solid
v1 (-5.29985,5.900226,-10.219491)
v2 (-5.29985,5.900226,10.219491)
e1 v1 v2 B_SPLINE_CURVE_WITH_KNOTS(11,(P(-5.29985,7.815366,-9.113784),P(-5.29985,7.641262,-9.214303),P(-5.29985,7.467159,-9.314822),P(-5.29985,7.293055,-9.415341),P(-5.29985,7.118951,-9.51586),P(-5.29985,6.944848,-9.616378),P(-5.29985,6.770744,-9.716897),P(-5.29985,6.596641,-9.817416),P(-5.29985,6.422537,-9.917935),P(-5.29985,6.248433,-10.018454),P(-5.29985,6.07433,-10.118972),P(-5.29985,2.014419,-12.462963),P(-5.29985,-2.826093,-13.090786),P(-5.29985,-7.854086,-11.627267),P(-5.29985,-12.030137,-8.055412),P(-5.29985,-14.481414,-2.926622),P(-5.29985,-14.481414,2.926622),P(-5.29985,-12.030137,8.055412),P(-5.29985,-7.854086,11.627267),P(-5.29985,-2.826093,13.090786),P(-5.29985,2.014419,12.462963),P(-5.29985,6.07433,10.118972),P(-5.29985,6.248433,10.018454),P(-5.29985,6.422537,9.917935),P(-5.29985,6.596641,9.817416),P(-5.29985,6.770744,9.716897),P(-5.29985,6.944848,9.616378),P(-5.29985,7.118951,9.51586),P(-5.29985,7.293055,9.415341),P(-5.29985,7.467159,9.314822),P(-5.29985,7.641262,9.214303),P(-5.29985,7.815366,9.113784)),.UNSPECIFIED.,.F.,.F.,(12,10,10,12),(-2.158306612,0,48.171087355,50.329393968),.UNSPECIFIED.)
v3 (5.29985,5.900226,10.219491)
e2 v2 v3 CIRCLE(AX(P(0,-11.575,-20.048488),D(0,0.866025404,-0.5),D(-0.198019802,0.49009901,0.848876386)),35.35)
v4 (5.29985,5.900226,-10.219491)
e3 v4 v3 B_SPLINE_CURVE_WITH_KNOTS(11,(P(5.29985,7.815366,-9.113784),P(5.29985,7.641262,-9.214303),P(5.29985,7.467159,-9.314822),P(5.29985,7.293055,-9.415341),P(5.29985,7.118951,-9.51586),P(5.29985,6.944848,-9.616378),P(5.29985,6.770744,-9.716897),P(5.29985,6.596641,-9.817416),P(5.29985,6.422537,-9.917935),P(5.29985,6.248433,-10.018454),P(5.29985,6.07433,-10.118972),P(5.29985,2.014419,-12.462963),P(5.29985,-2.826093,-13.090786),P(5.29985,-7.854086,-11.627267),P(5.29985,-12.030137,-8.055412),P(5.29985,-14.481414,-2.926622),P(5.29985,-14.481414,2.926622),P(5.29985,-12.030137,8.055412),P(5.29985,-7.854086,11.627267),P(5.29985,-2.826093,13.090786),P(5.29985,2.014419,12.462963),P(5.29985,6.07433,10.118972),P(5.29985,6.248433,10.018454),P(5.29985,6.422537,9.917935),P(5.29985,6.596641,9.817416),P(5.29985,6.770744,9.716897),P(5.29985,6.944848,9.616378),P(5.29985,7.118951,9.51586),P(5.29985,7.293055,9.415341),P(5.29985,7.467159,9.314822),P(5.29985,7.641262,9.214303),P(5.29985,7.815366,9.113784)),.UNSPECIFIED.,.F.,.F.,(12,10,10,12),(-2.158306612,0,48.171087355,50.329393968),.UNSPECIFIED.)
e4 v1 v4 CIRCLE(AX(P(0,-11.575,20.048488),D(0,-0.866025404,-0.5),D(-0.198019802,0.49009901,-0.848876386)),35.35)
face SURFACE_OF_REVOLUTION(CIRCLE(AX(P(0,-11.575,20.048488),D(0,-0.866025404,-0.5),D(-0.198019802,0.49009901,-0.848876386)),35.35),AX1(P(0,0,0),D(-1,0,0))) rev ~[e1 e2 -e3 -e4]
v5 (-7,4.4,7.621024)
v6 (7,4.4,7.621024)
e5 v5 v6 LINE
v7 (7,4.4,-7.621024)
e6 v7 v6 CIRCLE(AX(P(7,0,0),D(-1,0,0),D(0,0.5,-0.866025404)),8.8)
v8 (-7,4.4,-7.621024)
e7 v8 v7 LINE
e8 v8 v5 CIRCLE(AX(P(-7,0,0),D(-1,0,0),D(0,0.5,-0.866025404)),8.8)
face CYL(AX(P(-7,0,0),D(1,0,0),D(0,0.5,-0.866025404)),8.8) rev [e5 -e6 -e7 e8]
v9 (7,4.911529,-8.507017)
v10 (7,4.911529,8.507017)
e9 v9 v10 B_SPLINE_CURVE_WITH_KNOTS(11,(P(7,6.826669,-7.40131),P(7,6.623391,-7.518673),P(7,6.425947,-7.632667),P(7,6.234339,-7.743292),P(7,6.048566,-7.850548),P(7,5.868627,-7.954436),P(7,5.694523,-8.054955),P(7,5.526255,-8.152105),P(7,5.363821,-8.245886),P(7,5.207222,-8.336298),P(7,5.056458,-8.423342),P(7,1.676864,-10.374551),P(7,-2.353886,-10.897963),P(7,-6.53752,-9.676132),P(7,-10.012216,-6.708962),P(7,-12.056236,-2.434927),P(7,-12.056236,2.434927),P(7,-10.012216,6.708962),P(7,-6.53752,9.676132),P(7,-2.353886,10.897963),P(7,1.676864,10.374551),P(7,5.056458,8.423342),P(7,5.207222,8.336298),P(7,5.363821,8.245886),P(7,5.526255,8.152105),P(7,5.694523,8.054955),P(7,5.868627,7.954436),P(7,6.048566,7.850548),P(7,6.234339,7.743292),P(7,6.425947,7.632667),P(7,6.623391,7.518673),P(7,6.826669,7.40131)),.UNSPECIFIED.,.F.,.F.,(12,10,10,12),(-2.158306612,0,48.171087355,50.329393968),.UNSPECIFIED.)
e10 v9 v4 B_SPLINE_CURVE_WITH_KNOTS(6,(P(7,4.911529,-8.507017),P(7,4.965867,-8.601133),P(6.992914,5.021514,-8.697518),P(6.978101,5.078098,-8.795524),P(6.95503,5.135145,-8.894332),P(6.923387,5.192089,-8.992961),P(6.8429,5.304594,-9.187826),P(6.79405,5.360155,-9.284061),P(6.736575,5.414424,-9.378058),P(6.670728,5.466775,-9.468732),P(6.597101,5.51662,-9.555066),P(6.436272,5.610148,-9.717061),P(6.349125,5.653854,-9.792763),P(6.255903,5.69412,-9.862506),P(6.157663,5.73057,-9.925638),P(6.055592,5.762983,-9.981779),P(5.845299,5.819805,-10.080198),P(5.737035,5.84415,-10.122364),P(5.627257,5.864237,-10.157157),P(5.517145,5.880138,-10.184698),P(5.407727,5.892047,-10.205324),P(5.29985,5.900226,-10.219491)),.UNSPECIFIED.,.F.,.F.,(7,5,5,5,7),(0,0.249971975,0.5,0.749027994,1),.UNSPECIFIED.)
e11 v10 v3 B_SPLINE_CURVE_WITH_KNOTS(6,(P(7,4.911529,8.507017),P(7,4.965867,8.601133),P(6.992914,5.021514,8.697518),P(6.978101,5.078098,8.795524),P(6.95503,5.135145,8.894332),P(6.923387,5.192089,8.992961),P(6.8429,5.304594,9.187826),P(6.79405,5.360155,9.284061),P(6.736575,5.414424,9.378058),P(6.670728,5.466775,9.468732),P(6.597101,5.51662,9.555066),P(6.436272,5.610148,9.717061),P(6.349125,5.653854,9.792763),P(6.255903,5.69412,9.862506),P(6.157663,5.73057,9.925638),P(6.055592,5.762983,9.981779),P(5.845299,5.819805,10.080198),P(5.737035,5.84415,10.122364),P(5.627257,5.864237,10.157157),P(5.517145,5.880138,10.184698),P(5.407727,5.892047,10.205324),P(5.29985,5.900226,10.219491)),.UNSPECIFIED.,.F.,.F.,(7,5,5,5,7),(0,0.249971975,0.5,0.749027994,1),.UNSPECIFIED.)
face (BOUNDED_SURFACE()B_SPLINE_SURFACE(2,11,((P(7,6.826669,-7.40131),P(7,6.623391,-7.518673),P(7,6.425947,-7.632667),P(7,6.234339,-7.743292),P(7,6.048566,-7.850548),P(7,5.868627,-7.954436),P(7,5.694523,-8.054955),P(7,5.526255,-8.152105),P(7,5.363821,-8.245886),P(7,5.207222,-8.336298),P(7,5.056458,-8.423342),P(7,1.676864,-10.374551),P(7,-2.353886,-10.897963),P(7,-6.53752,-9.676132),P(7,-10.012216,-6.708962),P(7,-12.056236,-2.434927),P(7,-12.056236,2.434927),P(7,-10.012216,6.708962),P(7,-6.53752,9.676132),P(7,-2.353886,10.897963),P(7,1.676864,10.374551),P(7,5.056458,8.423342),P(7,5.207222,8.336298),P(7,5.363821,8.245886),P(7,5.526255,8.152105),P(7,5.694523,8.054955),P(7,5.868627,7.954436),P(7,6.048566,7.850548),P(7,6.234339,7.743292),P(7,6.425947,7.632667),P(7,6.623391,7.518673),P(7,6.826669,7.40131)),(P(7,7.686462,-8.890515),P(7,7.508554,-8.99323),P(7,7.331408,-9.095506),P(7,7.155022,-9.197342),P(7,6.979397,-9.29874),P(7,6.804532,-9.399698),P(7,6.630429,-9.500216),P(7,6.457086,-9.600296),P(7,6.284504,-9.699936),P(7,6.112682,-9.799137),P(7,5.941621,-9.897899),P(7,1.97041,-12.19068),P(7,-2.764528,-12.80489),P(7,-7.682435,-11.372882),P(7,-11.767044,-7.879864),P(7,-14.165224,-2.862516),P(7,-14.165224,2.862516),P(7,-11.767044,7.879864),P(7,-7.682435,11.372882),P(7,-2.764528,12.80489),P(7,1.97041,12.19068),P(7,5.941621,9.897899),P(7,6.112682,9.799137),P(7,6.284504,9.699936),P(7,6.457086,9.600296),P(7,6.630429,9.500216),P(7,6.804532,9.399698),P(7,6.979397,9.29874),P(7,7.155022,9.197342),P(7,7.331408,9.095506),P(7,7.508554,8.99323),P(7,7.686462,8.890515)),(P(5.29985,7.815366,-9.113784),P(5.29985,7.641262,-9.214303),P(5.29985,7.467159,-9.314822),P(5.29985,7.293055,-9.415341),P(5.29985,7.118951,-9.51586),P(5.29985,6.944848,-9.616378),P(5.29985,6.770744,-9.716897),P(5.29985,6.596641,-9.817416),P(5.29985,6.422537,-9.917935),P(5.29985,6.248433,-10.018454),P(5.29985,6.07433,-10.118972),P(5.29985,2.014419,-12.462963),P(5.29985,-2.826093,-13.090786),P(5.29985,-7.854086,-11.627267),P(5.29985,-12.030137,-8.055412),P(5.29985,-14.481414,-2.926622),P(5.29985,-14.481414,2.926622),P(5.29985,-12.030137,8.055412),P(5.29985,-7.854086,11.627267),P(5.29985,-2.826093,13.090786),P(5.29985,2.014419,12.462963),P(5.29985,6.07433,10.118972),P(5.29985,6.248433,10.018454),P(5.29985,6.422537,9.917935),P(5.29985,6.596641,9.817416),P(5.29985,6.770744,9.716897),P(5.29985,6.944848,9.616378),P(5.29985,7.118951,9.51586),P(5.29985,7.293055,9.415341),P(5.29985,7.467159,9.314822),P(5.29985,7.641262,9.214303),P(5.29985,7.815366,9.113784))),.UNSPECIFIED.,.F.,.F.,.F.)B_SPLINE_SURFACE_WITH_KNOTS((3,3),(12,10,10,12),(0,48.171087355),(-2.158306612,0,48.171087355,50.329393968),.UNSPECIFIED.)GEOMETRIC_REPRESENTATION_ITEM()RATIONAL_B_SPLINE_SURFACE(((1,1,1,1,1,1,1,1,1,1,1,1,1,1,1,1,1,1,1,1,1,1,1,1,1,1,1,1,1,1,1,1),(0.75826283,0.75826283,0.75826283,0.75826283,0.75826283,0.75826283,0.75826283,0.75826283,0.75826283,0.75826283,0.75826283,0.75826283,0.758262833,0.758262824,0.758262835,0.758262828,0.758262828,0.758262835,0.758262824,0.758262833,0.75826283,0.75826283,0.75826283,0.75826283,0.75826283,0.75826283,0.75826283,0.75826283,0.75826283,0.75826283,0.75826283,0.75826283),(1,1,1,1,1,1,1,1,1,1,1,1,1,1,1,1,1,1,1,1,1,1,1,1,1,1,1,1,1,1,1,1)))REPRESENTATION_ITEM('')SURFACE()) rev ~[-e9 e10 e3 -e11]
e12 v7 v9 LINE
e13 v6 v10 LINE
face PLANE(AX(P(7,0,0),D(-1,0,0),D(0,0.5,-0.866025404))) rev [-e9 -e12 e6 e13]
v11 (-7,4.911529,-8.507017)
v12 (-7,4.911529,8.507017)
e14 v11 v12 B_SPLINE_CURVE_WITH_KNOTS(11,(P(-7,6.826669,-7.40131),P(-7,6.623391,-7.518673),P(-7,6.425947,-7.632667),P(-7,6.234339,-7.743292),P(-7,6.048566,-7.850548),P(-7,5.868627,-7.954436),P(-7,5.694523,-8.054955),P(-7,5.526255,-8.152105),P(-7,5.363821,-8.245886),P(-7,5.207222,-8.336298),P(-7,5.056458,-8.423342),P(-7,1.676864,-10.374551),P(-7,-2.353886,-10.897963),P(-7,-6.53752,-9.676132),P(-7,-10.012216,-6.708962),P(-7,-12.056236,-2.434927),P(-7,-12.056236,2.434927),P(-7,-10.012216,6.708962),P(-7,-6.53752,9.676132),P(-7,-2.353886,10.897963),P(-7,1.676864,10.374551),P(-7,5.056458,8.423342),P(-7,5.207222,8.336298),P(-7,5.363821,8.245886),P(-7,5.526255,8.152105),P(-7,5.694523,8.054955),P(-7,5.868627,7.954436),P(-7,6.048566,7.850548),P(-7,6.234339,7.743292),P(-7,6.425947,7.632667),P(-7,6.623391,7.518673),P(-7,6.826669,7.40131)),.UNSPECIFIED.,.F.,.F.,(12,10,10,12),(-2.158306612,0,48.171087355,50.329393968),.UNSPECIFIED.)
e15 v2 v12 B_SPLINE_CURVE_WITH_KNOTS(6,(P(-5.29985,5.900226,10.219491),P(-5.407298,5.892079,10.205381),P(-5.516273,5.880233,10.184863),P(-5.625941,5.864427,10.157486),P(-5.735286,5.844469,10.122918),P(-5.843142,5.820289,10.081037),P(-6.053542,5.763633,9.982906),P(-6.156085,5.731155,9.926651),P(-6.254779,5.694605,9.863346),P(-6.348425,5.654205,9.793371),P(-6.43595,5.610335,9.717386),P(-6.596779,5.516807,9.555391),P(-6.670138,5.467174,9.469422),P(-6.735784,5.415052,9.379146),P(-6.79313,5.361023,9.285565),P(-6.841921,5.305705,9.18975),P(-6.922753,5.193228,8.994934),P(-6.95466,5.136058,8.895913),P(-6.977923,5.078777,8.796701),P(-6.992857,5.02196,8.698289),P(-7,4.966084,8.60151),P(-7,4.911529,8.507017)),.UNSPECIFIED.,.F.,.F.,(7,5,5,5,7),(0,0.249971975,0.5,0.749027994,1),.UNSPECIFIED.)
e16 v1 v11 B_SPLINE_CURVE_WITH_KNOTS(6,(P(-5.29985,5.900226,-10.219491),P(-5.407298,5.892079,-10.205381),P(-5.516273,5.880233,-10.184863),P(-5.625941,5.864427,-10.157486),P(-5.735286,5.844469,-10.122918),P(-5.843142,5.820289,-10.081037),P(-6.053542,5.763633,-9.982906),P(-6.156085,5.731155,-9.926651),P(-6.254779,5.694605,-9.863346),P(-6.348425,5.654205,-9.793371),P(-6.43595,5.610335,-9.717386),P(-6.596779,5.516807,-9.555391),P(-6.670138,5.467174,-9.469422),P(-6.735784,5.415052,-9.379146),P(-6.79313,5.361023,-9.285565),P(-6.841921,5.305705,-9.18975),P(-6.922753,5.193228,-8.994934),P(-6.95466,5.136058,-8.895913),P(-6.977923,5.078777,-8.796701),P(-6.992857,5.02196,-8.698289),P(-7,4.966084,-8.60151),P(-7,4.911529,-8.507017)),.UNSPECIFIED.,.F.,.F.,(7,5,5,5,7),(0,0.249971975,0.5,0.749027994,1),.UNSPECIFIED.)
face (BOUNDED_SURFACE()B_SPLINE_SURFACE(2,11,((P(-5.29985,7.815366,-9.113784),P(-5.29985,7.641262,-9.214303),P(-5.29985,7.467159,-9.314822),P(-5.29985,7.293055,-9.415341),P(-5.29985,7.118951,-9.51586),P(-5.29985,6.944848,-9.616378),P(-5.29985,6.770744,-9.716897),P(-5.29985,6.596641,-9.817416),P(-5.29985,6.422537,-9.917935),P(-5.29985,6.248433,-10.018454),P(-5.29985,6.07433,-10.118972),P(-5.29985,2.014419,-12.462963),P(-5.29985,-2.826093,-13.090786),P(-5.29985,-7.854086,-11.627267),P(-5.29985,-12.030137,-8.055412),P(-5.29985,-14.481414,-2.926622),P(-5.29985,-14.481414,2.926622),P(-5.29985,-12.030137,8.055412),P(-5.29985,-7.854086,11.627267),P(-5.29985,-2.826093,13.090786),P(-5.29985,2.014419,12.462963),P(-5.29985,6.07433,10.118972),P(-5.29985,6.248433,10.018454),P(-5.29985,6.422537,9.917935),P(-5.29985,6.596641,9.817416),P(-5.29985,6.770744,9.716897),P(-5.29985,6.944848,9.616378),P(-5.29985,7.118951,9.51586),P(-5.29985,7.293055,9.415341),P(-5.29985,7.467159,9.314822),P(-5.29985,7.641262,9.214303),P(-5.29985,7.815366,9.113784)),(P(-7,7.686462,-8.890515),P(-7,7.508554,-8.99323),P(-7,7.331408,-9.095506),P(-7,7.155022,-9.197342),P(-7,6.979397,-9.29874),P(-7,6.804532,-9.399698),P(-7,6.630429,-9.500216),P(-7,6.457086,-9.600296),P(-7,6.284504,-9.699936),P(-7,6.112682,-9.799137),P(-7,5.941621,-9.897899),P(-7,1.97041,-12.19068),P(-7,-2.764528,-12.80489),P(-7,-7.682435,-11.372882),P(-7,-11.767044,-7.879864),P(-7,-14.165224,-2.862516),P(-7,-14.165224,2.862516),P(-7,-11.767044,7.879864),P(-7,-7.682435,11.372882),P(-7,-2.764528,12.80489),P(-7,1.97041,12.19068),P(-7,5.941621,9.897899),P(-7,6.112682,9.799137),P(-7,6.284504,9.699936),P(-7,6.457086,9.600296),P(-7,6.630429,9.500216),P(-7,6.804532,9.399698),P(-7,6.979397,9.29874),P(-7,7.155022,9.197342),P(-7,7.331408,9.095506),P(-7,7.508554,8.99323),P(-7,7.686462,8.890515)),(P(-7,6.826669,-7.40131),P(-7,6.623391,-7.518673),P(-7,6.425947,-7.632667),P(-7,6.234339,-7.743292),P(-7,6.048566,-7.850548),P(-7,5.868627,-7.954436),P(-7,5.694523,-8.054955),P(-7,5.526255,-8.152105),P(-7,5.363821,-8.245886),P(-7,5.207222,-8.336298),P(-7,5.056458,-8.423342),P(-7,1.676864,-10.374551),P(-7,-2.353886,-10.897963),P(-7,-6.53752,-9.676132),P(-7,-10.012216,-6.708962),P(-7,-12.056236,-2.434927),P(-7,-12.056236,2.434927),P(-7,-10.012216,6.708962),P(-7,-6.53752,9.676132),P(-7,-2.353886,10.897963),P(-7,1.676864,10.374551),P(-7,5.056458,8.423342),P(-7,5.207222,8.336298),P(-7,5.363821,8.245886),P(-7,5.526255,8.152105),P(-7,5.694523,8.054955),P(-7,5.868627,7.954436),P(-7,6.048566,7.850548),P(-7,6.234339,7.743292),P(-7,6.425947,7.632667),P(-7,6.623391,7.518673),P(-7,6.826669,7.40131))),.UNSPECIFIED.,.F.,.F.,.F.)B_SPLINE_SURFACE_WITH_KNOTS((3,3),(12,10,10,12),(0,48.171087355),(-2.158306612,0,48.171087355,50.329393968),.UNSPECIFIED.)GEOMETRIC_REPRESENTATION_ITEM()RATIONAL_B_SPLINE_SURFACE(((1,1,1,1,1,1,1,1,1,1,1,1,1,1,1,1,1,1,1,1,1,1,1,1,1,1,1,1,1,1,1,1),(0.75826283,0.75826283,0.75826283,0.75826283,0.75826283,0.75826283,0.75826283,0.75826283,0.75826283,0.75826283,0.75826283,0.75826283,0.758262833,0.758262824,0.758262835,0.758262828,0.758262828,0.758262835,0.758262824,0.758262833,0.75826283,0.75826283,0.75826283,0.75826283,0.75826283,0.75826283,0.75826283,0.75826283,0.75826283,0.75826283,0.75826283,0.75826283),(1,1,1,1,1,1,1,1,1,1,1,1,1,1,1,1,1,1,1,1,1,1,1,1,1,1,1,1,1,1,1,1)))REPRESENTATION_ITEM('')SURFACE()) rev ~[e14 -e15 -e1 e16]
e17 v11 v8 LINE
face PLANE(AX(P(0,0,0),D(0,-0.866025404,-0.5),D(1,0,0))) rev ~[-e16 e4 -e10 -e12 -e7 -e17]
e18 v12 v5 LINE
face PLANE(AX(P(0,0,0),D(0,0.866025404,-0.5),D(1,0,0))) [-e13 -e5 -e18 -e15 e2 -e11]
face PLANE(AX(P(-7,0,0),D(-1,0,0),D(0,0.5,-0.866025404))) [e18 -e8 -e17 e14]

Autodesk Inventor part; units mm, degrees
ref_plane "YZ Plane" through (0, 0, 0) normal (1, 0, 0) x (0, 1, 0)
ref_plane "XZ Plane" through (0, 0, 0) normal (0, 1, 0) x (-1, 0, 0)
ref_plane "XY Plane" through (0, 0, 0) normal (0, 0, 1) x (1, 0, 0)
sketch "スケッチ1" plane through (0, 0, 0) normal (0, 0, 1) x (1, 0, 0)
  line L0 (0, 0) -> (23.2776, 0) construction
  line L1 (-7, -8.8) -> (7, -8.8)
  line L2 (7, -8.8) -> (7, -11.5)
  line L3 (7, -11.5) -> (-7, -11.5) construction
  line L4 (-7, -11.5) -> (-7, -8.8)
  line L5 (0, 0) -> (0, -16.4759) construction
  arc A0 (-7, -11.5) -> (7, -11.5) centre (0, 23.15) ccw
  line L6 (0, -12.2) -> (12.7013, -12.2) construction
  line L7 (0, 0) -> (-18.8146, 0) construction
  dimension "d0" = 14
  dimension "d1" = 8.8
  dimension "d2" = 12.2
  dimension "d4" = 11.5
revolve "回転1" add sketch "スケッチ1" angle 240 mid plane about axis through (0, 0, 0) along (-1, 0, 0)
fillet "フィレット1" radius 2 2 edges at (7, -11.5, 0) (-7, -11.5, 0)
properties part number "11_027_SHOE_GRIP_RUBBER_R1" material "ゴム、シリコーン"
